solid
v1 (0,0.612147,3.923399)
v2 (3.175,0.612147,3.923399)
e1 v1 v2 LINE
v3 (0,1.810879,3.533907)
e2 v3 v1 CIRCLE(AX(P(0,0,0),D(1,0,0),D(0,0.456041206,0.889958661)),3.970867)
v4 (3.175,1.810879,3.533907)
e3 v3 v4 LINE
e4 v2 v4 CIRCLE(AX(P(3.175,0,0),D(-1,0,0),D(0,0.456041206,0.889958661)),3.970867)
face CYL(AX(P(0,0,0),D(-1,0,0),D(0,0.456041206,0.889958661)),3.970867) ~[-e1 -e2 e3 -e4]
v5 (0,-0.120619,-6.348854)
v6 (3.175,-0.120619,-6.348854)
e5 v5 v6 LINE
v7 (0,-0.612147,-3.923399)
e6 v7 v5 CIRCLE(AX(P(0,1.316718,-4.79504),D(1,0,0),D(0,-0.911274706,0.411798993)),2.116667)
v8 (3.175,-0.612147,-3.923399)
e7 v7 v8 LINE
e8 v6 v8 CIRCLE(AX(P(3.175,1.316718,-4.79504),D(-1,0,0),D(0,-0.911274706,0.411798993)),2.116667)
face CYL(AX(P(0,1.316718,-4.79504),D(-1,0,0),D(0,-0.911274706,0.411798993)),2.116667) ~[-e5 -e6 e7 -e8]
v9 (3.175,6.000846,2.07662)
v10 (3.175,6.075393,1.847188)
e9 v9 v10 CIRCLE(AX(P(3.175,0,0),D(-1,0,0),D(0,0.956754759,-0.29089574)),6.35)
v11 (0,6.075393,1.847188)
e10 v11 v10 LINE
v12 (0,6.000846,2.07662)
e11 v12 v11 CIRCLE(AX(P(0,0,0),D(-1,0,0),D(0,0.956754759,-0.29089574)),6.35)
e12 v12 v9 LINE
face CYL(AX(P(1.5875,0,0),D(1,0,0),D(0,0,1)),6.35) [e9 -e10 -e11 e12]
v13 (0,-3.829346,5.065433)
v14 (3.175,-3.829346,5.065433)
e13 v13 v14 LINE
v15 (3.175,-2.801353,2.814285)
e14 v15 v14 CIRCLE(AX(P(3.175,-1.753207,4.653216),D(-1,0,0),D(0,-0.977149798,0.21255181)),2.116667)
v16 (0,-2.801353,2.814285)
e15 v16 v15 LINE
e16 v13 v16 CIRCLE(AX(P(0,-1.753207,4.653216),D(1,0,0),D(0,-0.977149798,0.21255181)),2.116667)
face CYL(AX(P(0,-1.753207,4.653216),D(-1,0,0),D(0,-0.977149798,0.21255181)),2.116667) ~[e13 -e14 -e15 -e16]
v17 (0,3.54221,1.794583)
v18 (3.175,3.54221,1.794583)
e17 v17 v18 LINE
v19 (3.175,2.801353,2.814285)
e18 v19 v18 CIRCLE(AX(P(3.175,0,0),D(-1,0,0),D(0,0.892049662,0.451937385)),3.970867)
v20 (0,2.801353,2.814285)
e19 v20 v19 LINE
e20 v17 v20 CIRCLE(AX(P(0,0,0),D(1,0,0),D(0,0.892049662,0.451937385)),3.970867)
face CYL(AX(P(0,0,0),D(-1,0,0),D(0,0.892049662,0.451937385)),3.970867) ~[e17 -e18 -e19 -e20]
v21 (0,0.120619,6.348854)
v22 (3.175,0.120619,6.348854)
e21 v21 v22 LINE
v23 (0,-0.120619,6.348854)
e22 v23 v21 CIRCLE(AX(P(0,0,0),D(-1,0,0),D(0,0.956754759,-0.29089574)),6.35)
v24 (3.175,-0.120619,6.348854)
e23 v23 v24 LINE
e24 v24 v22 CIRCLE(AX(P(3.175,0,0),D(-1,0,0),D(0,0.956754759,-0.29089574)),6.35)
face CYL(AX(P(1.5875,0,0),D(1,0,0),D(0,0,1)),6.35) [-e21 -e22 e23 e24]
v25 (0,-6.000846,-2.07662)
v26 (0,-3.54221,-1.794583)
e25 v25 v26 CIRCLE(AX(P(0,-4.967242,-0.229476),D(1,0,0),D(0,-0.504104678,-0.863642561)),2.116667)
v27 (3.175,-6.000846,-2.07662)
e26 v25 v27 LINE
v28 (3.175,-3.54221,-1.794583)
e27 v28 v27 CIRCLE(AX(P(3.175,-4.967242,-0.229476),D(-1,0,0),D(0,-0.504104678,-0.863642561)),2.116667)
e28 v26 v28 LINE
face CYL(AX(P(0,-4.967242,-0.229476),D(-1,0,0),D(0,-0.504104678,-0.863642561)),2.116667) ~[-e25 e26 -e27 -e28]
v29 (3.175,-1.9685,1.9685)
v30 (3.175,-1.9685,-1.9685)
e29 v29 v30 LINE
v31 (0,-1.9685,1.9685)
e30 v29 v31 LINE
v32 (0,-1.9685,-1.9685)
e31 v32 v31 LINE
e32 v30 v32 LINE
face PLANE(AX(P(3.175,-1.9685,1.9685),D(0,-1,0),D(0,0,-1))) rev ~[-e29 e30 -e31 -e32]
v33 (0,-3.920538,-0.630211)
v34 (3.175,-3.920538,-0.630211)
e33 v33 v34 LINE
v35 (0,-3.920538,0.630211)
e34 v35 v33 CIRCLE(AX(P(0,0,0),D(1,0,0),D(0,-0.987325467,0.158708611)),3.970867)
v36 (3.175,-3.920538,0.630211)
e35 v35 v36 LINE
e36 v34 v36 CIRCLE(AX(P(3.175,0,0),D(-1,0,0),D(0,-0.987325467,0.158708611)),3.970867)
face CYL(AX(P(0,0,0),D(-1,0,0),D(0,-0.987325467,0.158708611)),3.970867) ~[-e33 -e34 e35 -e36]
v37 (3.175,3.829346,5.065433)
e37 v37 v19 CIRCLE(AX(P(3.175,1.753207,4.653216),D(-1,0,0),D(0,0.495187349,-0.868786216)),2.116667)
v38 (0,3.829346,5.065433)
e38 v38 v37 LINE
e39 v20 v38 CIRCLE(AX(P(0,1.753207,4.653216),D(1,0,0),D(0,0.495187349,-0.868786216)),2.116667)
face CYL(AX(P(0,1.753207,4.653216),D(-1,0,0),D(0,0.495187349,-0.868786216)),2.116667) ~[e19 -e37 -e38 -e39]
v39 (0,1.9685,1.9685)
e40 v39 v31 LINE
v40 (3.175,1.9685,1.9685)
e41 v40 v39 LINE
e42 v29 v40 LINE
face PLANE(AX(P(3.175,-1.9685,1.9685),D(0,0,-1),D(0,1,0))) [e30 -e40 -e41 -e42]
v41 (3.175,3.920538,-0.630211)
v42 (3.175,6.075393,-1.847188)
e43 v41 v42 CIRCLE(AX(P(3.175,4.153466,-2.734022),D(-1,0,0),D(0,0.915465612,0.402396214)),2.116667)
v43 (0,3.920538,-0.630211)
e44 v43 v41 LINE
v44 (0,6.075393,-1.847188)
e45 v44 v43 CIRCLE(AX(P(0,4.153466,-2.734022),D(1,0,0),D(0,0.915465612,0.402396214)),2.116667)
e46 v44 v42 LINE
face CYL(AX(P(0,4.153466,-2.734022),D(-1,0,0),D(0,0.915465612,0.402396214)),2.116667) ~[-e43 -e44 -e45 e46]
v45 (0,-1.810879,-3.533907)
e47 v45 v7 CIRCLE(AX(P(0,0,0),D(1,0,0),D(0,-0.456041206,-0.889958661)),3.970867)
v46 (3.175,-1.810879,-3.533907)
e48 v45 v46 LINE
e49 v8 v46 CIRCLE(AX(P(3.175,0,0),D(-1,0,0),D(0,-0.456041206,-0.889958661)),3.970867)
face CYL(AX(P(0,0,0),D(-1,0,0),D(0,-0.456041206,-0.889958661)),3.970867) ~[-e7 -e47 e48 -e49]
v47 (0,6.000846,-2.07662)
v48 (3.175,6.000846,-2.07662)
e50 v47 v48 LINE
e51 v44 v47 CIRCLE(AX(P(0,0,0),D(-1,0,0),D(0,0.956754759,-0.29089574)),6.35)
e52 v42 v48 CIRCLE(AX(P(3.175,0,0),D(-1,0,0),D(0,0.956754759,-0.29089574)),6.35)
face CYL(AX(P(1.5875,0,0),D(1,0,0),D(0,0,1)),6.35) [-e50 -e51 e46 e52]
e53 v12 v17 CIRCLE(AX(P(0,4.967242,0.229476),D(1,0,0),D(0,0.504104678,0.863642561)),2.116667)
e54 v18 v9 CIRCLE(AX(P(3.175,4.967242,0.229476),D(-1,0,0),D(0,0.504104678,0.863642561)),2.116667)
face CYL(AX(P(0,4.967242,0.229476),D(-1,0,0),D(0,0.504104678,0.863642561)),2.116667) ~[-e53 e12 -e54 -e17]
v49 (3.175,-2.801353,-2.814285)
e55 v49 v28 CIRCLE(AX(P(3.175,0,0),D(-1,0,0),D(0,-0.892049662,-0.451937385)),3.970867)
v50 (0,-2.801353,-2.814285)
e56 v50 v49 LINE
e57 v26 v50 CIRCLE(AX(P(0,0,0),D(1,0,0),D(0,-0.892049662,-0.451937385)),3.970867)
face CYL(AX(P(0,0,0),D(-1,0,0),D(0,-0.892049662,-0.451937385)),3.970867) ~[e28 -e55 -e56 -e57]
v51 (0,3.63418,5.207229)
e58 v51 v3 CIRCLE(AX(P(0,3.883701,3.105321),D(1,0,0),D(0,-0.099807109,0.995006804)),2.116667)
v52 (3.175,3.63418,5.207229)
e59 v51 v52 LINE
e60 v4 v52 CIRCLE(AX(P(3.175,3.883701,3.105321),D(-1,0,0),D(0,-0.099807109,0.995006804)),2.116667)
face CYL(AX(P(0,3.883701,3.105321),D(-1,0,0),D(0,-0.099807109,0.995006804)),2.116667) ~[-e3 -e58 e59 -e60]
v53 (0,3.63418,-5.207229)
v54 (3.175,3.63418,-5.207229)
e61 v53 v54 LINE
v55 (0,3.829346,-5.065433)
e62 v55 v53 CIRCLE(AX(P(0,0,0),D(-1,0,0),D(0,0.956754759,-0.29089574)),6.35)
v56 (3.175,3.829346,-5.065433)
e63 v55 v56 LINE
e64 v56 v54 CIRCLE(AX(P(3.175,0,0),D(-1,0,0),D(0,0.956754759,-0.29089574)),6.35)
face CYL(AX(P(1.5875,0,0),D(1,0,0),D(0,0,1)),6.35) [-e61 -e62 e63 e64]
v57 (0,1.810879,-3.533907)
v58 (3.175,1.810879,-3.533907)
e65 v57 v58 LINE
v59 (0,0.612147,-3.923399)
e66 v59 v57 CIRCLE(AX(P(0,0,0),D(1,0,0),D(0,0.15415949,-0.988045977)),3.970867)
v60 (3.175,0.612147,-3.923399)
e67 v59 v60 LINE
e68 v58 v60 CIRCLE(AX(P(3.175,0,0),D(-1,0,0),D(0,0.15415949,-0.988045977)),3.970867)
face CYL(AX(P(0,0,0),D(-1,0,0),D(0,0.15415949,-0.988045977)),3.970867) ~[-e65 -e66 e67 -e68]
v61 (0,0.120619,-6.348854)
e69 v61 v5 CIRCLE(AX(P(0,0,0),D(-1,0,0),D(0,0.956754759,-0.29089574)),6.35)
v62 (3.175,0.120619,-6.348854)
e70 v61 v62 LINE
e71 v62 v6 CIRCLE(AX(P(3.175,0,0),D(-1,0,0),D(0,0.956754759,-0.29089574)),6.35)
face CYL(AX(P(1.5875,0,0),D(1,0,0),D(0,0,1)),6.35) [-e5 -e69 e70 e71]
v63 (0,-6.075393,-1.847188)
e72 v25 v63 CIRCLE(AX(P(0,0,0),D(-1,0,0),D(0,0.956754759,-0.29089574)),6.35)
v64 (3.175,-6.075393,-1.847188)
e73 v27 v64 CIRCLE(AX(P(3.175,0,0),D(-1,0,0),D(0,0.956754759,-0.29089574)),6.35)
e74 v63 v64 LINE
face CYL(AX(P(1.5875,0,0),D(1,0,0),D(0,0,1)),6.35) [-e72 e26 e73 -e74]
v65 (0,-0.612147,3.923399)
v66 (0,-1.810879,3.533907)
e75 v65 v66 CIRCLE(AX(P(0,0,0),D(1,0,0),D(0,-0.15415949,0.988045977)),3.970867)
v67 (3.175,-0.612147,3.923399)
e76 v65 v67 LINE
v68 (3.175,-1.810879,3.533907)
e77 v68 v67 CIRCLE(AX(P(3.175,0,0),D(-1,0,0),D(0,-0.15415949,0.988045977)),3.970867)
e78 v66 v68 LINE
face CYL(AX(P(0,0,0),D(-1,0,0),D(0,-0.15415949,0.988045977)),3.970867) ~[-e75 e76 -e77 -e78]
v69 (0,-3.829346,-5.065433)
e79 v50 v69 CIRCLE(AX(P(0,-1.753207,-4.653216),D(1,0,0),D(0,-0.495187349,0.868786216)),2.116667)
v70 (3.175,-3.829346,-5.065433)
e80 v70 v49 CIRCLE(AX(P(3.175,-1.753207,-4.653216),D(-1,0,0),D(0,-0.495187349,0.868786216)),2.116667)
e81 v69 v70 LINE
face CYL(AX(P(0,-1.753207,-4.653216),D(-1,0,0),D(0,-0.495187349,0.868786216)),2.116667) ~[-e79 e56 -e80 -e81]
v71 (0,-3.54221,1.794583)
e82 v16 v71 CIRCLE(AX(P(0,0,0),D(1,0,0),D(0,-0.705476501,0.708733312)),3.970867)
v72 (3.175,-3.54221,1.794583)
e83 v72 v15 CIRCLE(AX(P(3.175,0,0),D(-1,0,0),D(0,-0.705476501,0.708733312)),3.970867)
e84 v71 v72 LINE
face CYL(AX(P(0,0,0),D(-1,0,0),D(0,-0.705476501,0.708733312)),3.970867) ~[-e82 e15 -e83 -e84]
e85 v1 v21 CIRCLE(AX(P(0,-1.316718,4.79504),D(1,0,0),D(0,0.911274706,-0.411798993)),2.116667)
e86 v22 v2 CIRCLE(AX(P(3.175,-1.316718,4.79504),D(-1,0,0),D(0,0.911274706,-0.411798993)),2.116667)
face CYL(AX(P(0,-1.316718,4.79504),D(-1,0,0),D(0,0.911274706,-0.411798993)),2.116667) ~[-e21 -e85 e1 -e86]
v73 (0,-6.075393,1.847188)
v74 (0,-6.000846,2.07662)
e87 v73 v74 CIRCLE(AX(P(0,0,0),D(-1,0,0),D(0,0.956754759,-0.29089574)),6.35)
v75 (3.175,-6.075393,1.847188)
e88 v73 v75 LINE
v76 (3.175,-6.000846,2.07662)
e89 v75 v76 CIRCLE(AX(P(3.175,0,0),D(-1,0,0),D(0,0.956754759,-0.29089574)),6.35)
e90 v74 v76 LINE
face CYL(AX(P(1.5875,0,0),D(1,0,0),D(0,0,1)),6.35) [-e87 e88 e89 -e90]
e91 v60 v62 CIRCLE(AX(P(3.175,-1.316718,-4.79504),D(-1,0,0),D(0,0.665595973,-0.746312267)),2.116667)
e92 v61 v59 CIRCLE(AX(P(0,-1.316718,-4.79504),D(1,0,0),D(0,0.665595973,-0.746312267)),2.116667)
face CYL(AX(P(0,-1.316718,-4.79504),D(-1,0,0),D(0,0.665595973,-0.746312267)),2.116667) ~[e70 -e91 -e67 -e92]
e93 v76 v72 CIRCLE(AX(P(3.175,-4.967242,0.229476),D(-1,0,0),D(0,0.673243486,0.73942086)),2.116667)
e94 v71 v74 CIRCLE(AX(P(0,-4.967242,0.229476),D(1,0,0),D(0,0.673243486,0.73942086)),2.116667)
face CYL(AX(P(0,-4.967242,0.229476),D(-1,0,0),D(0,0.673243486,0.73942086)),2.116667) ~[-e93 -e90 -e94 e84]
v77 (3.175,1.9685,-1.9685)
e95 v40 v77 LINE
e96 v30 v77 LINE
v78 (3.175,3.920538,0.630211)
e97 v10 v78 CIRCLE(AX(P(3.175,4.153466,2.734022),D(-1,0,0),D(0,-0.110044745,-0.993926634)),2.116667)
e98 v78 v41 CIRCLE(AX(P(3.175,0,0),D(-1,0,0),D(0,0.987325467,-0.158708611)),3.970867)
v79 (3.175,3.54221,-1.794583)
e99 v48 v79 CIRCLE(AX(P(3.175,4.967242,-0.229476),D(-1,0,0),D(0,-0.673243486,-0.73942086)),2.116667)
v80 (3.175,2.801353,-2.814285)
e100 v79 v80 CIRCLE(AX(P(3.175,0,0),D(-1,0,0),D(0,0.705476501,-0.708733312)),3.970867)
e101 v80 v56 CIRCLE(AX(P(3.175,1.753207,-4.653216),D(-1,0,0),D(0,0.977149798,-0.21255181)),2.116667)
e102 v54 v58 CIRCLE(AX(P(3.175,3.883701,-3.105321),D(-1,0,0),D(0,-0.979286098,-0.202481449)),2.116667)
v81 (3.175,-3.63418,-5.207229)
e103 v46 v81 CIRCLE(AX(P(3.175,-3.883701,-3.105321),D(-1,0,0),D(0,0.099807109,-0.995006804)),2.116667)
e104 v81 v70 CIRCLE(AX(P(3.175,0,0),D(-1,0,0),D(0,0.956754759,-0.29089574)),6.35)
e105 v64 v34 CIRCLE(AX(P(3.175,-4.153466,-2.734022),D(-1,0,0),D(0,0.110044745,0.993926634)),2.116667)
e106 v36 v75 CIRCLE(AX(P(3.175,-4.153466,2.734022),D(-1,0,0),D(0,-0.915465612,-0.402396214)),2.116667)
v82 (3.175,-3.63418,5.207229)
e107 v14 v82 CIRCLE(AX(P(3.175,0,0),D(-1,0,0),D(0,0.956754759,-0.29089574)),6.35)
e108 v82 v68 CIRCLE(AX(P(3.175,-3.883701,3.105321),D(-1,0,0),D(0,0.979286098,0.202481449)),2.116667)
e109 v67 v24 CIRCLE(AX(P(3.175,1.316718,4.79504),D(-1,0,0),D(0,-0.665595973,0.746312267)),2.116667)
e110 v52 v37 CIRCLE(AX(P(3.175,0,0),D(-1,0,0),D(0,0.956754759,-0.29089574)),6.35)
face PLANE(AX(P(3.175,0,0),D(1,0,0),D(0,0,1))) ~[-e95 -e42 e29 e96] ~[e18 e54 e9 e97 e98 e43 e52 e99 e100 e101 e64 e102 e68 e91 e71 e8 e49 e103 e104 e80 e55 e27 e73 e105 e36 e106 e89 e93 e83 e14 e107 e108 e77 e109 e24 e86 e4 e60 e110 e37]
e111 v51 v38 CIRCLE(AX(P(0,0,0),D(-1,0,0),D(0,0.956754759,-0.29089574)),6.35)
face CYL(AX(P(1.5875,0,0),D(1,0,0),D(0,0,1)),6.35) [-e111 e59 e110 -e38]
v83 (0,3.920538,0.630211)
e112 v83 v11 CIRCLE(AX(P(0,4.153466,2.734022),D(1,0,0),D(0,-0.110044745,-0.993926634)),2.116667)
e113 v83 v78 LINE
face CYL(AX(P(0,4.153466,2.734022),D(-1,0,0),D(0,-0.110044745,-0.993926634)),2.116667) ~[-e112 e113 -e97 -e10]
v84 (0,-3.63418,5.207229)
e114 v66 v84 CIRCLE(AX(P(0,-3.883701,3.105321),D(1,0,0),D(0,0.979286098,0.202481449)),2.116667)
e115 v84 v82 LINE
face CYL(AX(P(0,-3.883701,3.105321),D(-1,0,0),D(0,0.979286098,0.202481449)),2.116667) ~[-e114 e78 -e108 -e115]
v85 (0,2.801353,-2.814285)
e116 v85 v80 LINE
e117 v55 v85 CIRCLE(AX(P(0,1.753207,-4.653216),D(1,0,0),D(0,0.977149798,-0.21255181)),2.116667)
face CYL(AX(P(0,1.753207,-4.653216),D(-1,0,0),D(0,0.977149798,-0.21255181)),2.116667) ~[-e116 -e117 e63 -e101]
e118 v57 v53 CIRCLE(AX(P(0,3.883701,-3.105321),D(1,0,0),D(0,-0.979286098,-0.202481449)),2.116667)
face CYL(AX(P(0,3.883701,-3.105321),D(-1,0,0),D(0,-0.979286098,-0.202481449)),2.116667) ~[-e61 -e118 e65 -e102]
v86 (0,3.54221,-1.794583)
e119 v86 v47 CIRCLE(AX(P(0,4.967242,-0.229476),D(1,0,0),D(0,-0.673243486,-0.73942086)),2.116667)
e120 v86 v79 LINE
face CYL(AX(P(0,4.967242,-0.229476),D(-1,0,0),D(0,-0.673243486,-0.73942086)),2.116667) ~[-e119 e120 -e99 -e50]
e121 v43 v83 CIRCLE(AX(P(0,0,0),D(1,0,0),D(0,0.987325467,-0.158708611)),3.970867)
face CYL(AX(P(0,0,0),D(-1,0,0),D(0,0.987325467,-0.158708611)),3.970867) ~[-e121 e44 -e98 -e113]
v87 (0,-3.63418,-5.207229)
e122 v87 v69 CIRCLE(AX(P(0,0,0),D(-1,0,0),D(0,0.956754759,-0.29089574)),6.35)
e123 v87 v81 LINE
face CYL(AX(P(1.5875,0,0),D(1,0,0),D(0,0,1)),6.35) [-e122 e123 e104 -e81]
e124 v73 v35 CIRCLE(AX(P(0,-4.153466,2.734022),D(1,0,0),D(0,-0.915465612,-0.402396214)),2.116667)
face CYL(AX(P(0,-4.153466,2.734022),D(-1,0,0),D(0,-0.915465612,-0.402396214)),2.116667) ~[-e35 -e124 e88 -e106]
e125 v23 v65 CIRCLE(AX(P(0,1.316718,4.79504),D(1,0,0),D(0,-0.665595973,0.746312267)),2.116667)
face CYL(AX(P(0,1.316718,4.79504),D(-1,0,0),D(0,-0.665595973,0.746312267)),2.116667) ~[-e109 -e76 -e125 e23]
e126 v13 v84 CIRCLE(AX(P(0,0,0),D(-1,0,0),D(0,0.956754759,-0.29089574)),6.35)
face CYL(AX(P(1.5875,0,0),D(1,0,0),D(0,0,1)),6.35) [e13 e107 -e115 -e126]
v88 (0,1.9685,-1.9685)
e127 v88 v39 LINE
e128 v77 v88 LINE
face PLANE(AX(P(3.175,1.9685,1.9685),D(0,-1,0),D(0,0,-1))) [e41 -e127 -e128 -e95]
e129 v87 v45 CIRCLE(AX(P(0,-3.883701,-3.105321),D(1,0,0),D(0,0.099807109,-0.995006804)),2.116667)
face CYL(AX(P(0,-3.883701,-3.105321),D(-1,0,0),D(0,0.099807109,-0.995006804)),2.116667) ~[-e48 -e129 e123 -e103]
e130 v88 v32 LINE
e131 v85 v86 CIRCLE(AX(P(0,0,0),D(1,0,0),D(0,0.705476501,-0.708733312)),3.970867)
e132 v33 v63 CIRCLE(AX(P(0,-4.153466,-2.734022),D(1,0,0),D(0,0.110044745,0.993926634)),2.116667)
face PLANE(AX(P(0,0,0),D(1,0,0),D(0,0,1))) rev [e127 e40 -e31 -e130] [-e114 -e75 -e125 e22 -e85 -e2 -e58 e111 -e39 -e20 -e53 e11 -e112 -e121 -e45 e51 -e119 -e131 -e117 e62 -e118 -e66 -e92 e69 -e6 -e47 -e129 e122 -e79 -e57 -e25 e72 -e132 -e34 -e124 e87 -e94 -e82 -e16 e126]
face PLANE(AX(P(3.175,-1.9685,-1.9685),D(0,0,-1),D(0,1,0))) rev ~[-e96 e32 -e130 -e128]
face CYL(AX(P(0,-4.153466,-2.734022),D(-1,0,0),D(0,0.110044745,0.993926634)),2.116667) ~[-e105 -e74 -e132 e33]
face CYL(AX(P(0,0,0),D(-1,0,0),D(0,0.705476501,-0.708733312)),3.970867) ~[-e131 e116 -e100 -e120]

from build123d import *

# Parameters (mm, degrees)
BASPROSKE_W             = 3.175
BASPROSKE_H             = 6.35
TOOTHCUT_DEPTH          = 10.525
TEETHCUTS_COUNT         = 10
TEETHCUTS_ANGLE         = 324
BORSKE_R                = 0.99949
BORE_DEPTH              = 50.8000508
SKETCH1_W               = 3.937
SKETCH1_H               = 3.937
CUT_EXTRUDE1_DEPTH      = 10.344170464
CUT_EXTRUDE1_DEPTH_BACK = 10.344170464


with BuildPart() as part:
    # BasProSke → Base-Revolve (revolve)
    with BuildSketch(Plane(origin=(0, 0, 0), x_dir=(1, 0, 0), z_dir=(0, 1, 0)), mode=Mode.PRIVATE) as base_revolve_sk:
        with Locations((1.5875, 3.175)):
            Rectangle(BASPROSKE_W, BASPROSKE_H)
    revolve(base_revolve_sk.sketch.rotate(Axis((-10, 0, 0), (1, 0, 0)), 180), axis=Axis((-10, 0, 0), (1, 0, 0)))

    # TooCutSke → ToothCut (cut, through all)
    with BuildSketch(Plane(origin=(0, 0, 0), x_dir=(0, 0, -1), z_dir=(1, 0, 0))):
        with BuildLine():
            ThreePointArc((0.630210727, 3.920537785), (0, 3.970866667), (-0.630210727, 3.920537785))
            ThreePointArc((-0.630210727, 3.920537785), (-0.900510691, 5.2110639), (-1.88228345, 6.091201374))
            ThreePointArc((-1.88228345, 6.091201374), (0, 6.3754), (1.88228345, 6.091201374))
            ThreePointArc((1.88228345, 6.091201374), (0.900510691, 5.2110639), (0.630210727, 3.920537785))
        make_face()
    toothcut = extrude(amount=TOOTHCUT_DEPTH, mode=Mode.SUBTRACT)

    # TeethCuts: ToothCut ×10 about axis
    teethcuts_axis = Axis((-10, 0, 0), (1, 0, 0))
    for i in range(1, TEETHCUTS_COUNT):
        add(toothcut.rotate(teethcuts_axis, i * TEETHCUTS_ANGLE / (TEETHCUTS_COUNT - 1)), mode=Mode.SUBTRACT)

    # BorSke → Bore (cut, symmetric)
    with BuildSketch(Plane(origin=(0, 0, 0), x_dir=(0, 0, -1), z_dir=(1, 0, 0))):
        with Locations(Location((0, 0, 0), (0, 0, 180))):
            Circle(BORSKE_R)
    extrude(amount=BORE_DEPTH, both=True, mode=Mode.SUBTRACT)

    # Sketch1 → Cut-Extrude1 (cut, two sides)
    with BuildSketch(Plane(origin=(3.175, 0, 0), x_dir=(0, 0, -1), z_dir=(1, 0, 0))) as cut_extrude1_sk:
        Rectangle(SKETCH1_W, SKETCH1_H)
    extrude(amount=CUT_EXTRUDE1_DEPTH, mode=Mode.SUBTRACT)
    extrude(cut_extrude1_sk.sketch, amount=-CUT_EXTRUDE1_DEPTH_BACK, mode=Mode.SUBTRACT)


solid = part.part
